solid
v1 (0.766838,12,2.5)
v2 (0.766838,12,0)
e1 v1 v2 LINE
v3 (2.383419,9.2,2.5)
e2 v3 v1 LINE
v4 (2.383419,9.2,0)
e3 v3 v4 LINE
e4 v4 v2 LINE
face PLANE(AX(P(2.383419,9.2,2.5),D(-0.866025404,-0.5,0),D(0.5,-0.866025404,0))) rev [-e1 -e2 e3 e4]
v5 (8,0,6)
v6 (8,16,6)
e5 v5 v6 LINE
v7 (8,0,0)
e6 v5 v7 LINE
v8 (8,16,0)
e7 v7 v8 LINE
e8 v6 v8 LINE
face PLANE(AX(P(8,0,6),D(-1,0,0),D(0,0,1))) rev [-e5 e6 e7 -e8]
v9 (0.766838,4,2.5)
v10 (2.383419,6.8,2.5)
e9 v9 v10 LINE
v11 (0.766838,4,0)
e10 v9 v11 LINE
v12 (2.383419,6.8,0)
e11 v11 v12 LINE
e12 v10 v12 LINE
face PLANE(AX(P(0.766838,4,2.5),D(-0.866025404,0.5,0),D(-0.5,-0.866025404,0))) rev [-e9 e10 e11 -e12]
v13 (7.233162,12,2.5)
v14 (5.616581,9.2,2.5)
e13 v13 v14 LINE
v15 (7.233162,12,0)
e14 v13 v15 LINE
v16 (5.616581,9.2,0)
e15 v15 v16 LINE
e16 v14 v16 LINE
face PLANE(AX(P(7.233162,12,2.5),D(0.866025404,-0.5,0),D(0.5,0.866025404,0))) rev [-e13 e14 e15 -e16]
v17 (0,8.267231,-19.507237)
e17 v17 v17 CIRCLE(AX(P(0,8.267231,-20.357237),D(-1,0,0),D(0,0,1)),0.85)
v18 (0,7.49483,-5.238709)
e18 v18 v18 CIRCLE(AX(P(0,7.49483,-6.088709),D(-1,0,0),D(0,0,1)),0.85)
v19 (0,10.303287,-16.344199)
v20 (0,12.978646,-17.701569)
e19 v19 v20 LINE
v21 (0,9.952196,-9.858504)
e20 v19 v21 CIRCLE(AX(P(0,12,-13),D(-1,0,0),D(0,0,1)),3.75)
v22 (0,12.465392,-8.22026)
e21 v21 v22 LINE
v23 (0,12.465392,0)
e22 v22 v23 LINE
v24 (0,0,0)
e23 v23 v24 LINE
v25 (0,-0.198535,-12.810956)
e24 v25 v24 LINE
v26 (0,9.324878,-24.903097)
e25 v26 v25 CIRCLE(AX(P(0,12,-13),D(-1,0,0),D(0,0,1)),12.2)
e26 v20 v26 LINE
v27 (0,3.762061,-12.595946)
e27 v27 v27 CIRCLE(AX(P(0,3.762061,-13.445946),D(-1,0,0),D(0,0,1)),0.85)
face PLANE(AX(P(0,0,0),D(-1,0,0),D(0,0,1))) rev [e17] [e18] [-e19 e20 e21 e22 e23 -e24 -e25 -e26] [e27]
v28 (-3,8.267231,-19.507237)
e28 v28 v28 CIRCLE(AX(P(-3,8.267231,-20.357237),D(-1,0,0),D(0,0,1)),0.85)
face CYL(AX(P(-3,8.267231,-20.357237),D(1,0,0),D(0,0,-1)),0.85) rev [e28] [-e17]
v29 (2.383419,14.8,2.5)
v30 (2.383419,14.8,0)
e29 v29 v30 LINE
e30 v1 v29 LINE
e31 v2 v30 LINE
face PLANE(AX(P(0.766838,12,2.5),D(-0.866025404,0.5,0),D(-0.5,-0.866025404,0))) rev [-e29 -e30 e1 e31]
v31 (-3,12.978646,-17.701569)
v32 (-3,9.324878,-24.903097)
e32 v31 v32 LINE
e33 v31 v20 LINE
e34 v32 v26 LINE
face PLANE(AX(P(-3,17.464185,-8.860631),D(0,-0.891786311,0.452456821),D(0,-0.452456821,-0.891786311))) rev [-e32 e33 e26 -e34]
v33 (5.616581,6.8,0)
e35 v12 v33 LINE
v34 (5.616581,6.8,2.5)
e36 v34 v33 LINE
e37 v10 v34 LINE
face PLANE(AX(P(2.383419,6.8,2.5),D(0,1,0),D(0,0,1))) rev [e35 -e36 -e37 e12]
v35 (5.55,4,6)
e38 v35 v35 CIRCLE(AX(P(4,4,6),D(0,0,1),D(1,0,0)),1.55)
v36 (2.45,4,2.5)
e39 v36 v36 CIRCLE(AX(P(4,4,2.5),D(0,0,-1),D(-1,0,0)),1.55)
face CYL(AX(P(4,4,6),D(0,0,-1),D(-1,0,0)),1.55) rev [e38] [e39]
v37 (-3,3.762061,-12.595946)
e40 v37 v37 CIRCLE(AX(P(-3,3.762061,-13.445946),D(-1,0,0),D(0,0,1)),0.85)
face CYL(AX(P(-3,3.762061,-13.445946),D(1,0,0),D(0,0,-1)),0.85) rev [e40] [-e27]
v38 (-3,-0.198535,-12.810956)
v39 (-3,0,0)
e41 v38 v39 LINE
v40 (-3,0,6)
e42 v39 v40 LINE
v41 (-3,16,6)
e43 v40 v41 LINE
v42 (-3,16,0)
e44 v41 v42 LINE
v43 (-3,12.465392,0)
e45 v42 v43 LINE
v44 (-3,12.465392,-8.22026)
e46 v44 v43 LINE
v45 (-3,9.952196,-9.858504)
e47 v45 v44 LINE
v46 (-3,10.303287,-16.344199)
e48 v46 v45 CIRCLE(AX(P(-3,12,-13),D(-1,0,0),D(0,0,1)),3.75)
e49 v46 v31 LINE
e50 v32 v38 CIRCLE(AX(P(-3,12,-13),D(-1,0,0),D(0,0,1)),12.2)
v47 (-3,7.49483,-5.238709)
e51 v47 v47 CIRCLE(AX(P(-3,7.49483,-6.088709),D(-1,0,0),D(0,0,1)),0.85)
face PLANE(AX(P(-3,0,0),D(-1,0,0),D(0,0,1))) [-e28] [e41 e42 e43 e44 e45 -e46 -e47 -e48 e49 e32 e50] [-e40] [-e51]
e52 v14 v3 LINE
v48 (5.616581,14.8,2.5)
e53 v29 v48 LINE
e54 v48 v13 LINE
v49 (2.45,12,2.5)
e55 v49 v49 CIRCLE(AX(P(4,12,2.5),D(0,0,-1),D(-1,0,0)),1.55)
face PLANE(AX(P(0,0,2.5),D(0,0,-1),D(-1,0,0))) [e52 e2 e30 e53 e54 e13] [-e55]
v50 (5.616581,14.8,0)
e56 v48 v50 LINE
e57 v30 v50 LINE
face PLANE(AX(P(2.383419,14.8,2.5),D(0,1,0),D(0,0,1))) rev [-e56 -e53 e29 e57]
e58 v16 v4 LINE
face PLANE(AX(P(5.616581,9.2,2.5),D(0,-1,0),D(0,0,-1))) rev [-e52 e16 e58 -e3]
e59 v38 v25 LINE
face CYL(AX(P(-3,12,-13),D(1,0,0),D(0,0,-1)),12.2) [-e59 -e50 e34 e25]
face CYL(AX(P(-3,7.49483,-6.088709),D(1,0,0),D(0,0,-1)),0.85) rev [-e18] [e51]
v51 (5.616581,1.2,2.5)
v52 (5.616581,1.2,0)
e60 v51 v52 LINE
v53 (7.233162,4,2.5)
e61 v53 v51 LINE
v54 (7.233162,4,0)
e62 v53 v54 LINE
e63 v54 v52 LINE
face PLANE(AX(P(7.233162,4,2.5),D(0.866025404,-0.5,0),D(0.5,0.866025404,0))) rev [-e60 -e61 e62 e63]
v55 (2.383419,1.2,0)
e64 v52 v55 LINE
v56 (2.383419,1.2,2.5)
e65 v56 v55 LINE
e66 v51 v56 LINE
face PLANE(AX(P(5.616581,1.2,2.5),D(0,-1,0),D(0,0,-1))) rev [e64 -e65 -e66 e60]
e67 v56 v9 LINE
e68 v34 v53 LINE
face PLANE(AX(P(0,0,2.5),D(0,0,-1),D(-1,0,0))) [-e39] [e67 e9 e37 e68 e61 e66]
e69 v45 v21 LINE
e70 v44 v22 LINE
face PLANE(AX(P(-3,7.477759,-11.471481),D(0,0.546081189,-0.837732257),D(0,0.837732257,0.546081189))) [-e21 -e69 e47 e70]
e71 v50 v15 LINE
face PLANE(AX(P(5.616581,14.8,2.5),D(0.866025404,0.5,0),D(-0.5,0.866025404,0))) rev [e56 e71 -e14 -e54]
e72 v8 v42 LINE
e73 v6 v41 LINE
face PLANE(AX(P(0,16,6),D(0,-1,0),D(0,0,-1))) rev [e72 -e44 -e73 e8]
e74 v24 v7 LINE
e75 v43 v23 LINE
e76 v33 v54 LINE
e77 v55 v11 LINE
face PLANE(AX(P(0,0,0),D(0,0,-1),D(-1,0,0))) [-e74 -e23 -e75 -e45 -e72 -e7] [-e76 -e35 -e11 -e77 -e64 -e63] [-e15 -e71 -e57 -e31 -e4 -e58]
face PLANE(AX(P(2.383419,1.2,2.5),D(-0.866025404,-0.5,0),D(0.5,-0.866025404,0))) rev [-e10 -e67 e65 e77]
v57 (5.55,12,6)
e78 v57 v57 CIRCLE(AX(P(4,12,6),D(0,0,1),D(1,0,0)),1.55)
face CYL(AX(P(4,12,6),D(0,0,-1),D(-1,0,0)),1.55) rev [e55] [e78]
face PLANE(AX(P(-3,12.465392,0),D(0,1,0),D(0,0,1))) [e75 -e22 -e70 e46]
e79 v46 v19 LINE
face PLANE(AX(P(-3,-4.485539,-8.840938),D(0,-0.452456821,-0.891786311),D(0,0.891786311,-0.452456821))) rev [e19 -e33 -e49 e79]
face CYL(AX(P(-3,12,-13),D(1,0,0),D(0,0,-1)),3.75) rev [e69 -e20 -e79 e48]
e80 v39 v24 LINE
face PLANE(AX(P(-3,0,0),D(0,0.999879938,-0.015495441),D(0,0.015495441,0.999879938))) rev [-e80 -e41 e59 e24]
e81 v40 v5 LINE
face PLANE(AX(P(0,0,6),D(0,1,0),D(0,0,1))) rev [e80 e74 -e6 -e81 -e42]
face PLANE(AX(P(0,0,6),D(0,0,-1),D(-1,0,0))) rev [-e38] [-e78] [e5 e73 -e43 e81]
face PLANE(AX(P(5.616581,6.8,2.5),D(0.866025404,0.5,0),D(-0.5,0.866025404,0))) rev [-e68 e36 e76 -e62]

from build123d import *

# Parameters (mm, degrees)
SKETCH1_W           = 8
SKETCH1_H           = 16
SKETCH1_R           = 1.55
BOSS_EXTRUDE1_DEPTH = 6
CUT_EXTRUDE1_DEPTH  = 2.5
SKETCH3_W           = 6
SKETCH3_H           = 16
SKETCH3_R           = 0.85
BOSS_EXTRUDE2_DEPTH = 3


with BuildPart() as part:
    # Sketch1 → Boss-Extrude1 (new body)
    with BuildSketch(Plane.XY):
        with Locations((4, 8)):
            Rectangle(SKETCH1_W, SKETCH1_H)
        with Locations((4, 12)):
            Circle(SKETCH1_R, mode=Mode.SUBTRACT)
        with Locations((4, 4)):
            Circle(SKETCH1_R, mode=Mode.SUBTRACT)
    extrude(amount=BOSS_EXTRUDE1_DEPTH)

    # Sketch2 → Cut-Extrude1 (cut)
    with BuildSketch(Plane(origin=(0, 0, 0), x_dir=(-1, 0, 0), z_dir=(0, 0, -1))):
        Polygon((-0.766838493, 12), (-2.383419246, 14.8), (-5.616580754, 14.8), (-7.233161507, 12), (-5.616580754, 9.2), (-2.383419246, 9.2), align=None)
        Polygon((-0.766838493, 4), (-2.383419246, 6.8), (-5.616580754, 6.8), (-7.233161507, 4), (-5.616580754, 1.2), (-2.383419246, 1.2), align=None)
    extrude(amount=-CUT_EXTRUDE1_DEPTH, mode=Mode.SUBTRACT)

    # Sketch3 → Boss-Extrude2 (add)
    # profile 1 of 2: a face of its own
    with BuildSketch(Plane.ZY):
        with Locations((3, 8)):
            Rectangle(SKETCH3_W, SKETCH3_H)
    # profile 2 of 2: a face of its own
    with BuildSketch(Plane.ZY):
        with BuildLine():
            Line((-16.344198667, 10.303286919), (-17.701569131, 12.978645853))
            Line((-17.701569131, 12.978645853), (-24.903097097, 9.324877666))
            ThreePointArc((-24.903097097, 9.324877666), (-20.548417458, 2.41556502), (-12.810955614, -0.198535249))
            Line((-12.810955614, -0.198535249), (0, 0))
            Line((0, 0), (0, 12.465392311))
            Line((0, 12.465392311), (-8.220260468, 12.465392311))
            Line((-8.220260468, 12.465392311), (-9.858504036, 9.95219554))
            ThreePointArc((-9.858504036, 9.95219554), (-13.202702703, 8.255482459), (-16.344198667, 10.303286919))
        make_face()
        with Locations((-13.445945946, 3.76206141)):
            Circle(SKETCH3_R, mode=Mode.SUBTRACT)
        with Locations((-6.088708879, 7.494830187)):
            Circle(SKETCH3_R, mode=Mode.SUBTRACT)
        with Locations((-20.357237067, 8.267231223)):
            Circle(SKETCH3_R, mode=Mode.SUBTRACT)
    extrude(amount=BOSS_EXTRUDE2_DEPTH)


solid = part.part
